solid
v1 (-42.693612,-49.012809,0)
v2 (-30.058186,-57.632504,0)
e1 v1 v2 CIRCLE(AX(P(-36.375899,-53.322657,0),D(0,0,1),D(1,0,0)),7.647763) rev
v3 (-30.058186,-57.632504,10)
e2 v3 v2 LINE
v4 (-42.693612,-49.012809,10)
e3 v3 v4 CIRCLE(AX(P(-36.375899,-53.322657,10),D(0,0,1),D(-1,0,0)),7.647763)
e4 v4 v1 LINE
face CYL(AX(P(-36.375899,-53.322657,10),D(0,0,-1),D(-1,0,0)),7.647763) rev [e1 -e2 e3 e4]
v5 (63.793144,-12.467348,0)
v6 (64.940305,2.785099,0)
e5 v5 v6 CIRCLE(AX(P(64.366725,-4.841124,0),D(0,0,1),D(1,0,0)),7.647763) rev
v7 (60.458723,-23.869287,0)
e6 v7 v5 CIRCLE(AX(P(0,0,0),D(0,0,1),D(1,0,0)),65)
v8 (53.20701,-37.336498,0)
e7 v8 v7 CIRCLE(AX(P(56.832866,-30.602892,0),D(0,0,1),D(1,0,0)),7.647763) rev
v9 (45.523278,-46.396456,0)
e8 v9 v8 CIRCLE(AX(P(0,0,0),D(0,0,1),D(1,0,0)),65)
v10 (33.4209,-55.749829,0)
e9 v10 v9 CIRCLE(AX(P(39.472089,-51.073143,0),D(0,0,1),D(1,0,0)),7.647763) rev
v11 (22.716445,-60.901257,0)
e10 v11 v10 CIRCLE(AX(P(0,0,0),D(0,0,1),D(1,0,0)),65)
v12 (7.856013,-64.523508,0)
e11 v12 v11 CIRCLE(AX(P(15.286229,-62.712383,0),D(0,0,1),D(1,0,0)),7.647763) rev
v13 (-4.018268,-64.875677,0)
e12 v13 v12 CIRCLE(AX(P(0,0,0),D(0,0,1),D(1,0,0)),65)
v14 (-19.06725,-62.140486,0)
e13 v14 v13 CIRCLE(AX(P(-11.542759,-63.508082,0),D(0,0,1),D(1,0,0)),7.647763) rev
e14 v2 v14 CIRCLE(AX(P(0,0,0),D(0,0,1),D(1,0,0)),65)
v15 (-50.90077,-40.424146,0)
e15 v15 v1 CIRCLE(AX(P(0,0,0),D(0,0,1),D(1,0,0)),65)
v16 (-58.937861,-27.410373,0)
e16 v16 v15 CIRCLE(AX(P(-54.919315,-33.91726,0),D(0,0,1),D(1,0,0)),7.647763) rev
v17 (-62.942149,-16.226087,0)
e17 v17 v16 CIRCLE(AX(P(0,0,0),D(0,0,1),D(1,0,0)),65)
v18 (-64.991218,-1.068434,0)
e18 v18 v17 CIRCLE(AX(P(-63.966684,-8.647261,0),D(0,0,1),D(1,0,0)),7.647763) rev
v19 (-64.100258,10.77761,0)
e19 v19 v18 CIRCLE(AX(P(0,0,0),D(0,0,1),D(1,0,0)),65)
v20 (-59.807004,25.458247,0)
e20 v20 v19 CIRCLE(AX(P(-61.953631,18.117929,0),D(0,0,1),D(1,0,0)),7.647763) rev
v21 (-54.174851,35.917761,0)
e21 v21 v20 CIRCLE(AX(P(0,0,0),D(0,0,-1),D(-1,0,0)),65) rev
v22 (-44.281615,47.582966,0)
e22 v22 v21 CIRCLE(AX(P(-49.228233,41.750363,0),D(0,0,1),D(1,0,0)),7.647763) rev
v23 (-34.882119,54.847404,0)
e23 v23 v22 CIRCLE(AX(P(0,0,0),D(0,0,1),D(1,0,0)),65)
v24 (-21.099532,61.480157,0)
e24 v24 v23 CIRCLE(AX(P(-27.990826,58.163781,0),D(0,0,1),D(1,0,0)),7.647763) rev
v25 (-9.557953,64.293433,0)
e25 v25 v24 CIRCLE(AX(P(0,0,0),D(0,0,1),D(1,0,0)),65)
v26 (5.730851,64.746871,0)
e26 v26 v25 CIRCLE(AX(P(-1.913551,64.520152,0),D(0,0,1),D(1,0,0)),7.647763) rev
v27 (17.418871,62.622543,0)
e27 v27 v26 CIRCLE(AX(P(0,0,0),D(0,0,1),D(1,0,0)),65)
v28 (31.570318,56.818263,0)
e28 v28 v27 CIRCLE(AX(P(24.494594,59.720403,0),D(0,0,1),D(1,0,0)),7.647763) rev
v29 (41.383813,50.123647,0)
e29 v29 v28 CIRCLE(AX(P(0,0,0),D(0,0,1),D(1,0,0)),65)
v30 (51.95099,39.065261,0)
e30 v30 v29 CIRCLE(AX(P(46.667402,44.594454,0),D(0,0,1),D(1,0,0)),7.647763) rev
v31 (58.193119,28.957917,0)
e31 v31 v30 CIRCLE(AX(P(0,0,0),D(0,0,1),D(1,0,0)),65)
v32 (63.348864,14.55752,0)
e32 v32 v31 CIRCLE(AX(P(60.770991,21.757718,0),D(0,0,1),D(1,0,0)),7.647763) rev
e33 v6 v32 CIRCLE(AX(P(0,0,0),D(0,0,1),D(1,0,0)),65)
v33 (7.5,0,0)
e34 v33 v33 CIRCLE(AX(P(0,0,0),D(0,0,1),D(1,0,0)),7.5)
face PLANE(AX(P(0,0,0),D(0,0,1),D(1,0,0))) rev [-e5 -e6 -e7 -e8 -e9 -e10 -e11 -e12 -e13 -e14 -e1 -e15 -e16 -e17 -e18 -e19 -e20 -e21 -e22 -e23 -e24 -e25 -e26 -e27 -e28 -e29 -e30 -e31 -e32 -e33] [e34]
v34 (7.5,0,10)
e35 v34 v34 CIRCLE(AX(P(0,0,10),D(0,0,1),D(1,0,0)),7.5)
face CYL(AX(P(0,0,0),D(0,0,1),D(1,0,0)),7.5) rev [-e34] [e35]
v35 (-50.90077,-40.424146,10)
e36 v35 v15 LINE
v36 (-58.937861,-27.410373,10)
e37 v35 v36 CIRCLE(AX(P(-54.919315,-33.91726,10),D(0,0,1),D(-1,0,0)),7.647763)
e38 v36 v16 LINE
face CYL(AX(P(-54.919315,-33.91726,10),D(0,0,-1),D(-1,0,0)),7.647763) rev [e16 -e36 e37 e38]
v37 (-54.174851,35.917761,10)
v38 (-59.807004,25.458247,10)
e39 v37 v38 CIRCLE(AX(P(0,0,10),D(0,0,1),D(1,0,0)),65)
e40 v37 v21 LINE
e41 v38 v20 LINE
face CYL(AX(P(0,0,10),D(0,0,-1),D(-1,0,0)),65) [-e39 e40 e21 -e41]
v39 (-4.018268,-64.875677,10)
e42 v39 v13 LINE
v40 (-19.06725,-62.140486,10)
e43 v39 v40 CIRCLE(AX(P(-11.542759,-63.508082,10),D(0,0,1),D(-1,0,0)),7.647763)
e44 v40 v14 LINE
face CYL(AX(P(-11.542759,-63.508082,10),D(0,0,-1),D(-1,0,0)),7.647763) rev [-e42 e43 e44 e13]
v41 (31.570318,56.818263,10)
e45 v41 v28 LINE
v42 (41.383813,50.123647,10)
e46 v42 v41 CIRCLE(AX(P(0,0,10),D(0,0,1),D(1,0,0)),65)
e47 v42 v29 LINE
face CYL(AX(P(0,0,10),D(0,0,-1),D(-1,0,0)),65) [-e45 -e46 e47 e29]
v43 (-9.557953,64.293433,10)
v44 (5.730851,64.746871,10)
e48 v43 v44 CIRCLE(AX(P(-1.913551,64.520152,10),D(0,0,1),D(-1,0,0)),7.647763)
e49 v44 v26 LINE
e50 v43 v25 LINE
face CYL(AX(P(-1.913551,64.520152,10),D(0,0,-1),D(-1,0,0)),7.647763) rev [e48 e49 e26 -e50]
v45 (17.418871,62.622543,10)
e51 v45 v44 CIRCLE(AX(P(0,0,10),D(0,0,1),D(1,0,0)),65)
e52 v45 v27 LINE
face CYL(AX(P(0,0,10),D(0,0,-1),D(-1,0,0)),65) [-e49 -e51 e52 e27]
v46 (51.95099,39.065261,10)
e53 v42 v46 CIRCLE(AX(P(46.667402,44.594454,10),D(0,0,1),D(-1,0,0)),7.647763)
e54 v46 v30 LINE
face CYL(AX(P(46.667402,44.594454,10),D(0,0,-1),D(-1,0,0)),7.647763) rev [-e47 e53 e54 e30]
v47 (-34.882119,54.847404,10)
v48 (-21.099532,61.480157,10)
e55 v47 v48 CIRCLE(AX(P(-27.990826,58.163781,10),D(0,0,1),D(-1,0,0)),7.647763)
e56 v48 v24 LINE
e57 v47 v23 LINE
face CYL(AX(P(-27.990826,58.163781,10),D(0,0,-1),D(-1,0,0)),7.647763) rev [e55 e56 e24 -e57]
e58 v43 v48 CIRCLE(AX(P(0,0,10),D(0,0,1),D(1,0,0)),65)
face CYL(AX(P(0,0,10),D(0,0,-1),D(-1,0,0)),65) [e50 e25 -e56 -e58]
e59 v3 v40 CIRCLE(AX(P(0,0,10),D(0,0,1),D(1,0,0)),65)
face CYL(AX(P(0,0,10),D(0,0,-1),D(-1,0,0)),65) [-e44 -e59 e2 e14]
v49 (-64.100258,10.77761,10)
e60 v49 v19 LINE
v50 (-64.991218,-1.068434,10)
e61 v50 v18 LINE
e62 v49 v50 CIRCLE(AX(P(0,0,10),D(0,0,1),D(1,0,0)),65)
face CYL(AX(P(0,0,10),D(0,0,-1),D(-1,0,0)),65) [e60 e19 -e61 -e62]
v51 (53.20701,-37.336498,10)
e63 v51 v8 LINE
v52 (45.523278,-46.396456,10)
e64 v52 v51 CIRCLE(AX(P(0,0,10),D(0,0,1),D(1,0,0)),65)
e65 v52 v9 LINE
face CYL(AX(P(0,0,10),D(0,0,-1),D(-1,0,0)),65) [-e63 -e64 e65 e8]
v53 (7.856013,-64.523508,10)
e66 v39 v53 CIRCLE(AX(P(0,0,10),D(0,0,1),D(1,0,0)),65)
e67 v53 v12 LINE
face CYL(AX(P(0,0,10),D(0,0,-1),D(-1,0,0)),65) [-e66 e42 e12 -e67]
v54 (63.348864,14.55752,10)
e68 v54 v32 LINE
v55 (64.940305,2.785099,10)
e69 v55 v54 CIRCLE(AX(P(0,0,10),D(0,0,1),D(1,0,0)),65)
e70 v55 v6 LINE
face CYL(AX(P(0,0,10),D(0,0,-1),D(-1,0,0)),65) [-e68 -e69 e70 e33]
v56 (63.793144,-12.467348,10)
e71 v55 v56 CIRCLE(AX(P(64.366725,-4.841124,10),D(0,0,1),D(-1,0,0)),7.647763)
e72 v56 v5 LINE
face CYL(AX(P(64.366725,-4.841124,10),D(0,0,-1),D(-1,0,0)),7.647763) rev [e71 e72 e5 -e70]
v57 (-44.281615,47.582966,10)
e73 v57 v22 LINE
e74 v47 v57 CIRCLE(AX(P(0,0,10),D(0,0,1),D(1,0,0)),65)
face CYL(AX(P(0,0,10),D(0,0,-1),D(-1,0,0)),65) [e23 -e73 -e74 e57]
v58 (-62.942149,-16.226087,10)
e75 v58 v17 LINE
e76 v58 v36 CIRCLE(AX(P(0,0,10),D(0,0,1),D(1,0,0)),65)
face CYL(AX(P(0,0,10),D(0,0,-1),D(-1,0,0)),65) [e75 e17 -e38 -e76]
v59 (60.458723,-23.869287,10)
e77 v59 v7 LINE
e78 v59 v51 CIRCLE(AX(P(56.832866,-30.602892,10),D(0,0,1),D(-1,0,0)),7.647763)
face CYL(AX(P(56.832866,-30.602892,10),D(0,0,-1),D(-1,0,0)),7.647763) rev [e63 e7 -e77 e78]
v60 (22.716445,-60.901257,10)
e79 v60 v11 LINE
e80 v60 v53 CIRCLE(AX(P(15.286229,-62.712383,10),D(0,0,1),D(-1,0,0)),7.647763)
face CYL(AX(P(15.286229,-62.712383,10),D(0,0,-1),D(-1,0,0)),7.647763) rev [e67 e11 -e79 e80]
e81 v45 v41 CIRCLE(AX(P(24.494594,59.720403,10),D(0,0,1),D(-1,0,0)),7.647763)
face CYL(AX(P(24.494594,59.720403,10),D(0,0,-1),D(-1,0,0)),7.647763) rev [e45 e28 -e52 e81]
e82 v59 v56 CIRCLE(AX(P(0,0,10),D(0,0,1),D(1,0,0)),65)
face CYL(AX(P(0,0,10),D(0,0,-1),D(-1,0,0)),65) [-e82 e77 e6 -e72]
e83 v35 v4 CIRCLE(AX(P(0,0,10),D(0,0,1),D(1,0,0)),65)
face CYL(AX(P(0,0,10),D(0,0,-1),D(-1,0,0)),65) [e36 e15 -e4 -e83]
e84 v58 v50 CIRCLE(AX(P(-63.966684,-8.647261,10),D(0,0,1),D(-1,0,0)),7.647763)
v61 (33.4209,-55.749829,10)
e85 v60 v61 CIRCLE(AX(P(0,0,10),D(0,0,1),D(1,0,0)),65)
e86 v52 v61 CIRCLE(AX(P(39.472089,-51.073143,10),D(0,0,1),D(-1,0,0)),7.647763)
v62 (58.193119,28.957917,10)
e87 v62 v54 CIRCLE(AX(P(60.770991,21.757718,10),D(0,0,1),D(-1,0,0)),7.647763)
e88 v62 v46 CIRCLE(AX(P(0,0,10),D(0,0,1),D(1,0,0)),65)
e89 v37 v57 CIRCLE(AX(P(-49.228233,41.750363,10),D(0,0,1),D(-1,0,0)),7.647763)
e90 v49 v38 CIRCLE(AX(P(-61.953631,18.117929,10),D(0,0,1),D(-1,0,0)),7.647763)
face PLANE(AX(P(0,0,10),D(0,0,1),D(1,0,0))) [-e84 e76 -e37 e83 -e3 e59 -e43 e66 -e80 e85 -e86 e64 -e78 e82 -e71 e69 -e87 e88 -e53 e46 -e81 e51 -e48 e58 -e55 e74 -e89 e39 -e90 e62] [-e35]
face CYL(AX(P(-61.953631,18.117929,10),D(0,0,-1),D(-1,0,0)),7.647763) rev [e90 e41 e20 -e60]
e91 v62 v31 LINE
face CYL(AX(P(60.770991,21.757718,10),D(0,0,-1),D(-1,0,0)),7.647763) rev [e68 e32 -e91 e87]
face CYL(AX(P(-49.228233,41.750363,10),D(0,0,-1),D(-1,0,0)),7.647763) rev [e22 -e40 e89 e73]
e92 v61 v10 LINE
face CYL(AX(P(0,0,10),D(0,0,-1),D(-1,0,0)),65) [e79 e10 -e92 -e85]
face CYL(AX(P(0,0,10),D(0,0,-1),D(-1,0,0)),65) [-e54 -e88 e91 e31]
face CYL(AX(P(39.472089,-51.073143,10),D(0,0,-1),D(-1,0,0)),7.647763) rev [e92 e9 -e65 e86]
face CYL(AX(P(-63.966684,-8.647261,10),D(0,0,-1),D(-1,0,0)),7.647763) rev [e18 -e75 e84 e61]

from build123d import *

# Parameters (mm, degrees)
SKETCH1_R               = 65
BOSS_EXTRUDE1_DEPTH     = 10
CUT_EXTRUDE4_DEPTH      = 93.466210045
CUT_EXTRUDE4_DEPTH_BACK = 93.466210045
SKETCH2_OUTSIDE_W       = 168.824
SKETCH2_OUTSIDE_H       = 168.824
SKETCH3_R               = 7.5
CUT_EXTRUDE5_DEPTH      = 10


with BuildPart() as part:
    # Sketch1 → Boss-Extrude1 (new body)
    with BuildSketch(Plane.XY):
        Circle(SKETCH1_R)
    extrude(amount=BOSS_EXTRUDE1_DEPTH)

    # Sketch2 outside → Cut-Extrude4 (cut, two sides: drawn at the far end of the back side and taken through both)
    with BuildSketch(Plane(origin=(0, 0, 0), x_dir=(-1, 0, 0), z_dir=(0, 0, -1)).offset(-CUT_EXTRUDE4_DEPTH_BACK)):
        Rectangle(SKETCH2_OUTSIDE_W, SKETCH2_OUTSIDE_H)
        with BuildLine():
            ThreePointArc((-5.730851082, 64.746871321), (-11.623493415, 63.952282217), (-17.418870891, 62.62254336))
            ThreePointArc((-17.418870891, 62.62254336), (-21.592454328, 52.644679623), (-31.570318066, 56.818263061))
            ThreePointArc((-31.570318066, 56.818263061), (-36.630326198, 53.695616233), (-41.383813447, 50.123646961))
            ThreePointArc((-41.383813447, 50.123646961), (-41.138208837, 39.310865549), (-51.950990248, 39.065260939))
            ThreePointArc((-51.950990248, 39.065260939), (-55.303442804, 34.154490393), (-58.193118697, 28.957916642))
            ThreePointArc((-58.193118697, 28.957916642), (-53.570793308, 19.179845694), (-63.348864256, 14.557520305))
            ThreePointArc((-63.348864256, 14.557520305), (-64.414091734, 8.707742879), (-64.940305058, 2.785099462))
            ThreePointArc((-64.940305058, 2.785099462), (-56.740500941, -4.267543725), (-63.793144129, -12.467347841))
            ThreePointArc((-63.793144129, -12.467347841), (-62.38695902, -18.244652485), (-60.458722709, -23.869286717))
            ThreePointArc((-60.458722709, -23.869286717), (-50.099260491, -26.977036065), (-53.207009838, -37.336498283))
            ThreePointArc((-53.207009838, -37.336498283), (-49.572554323, -42.042381687), (-45.523277954, -46.396456377))
            ThreePointArc((-45.523277954, -46.396456377), (-34.795402763, -45.02195379), (-33.420900177, -55.749828981))
            ThreePointArc((-33.420900177, -55.749828981), (-28.186604631, -58.570601153), (-22.716444875, -60.90125723))
            ThreePointArc((-22.716444875, -60.90125723), (-13.475103792, -55.282166693), (-7.856013255, -64.523507776))
            ThreePointArc((-7.856013255, -64.523507776), (-1.926934931, -64.971431582), (4.018267896, -64.875677439))
            ThreePointArc((4.018267896, -64.875677439), (10.175163042, -55.983590753), (19.067249728, -62.140485899))
            ThreePointArc((19.067249728, -62.140485899), (24.665919324, -60.138111243), (30.058185642, -57.632503641))
            ThreePointArc((30.058185642, -57.632503641), (32.066051748, -47.004943376), (42.693612013, -49.012809482))
            ThreePointArc((42.693612013, -49.012809482), (46.993812045, -44.906365133), (50.900770021, -40.424146388))
            ThreePointArc((50.900770021, -40.424146388), (48.412428796, -29.898714263), (58.937860921, -27.410373038))
            ThreePointArc((58.937860921, -27.410373038), (61.196047738, -21.90990053), (62.942148845, -16.226086984))
            ThreePointArc((62.942148845, -16.226086984), (56.387857092, -7.622725833), (64.991218242, -1.06843408))
            ThreePointArc((64.991218242, -1.06843408), (64.816930829, 4.87498492), (64.100258321, 10.77761027))
            ThreePointArc((64.100258321, 10.77761027), (54.613312629, 15.971301144), (59.807003503, 25.458246837))
            ThreePointArc((59.807003503, 25.458246837), (57.230377735, 30.816941189), (54.174850802, 35.917760796))
            ThreePointArc((54.174850802, 35.917760796), (43.395630266, 36.803745059), (44.281614528, 47.582965594))
            ThreePointArc((44.281614528, 47.582965594), (39.74817241, 51.430368364), (34.882119415, 54.847404178))
            ThreePointArc((34.882119415, 54.847404178), (24.674449193, 51.272487101), (21.099532116, 61.480157323))
            ThreePointArc((21.099532116, 61.480157323), (15.393146975, 63.151017618), (9.557952688, 64.293433105))
            ThreePointArc((9.557952688, 64.293433105), (1.686831695, 56.875750328), (-5.730851082, 64.746871321))
        make_face(mode=Mode.SUBTRACT)
    extrude(amount=CUT_EXTRUDE4_DEPTH + CUT_EXTRUDE4_DEPTH_BACK, mode=Mode.SUBTRACT)

    # Sketch3 → Cut-Extrude5 (cut)
    with BuildSketch(Plane.XY.offset(10)):
        Circle(SKETCH3_R)
    extrude(amount=-CUT_EXTRUDE5_DEPTH, mode=Mode.SUBTRACT)


solid = part.part
